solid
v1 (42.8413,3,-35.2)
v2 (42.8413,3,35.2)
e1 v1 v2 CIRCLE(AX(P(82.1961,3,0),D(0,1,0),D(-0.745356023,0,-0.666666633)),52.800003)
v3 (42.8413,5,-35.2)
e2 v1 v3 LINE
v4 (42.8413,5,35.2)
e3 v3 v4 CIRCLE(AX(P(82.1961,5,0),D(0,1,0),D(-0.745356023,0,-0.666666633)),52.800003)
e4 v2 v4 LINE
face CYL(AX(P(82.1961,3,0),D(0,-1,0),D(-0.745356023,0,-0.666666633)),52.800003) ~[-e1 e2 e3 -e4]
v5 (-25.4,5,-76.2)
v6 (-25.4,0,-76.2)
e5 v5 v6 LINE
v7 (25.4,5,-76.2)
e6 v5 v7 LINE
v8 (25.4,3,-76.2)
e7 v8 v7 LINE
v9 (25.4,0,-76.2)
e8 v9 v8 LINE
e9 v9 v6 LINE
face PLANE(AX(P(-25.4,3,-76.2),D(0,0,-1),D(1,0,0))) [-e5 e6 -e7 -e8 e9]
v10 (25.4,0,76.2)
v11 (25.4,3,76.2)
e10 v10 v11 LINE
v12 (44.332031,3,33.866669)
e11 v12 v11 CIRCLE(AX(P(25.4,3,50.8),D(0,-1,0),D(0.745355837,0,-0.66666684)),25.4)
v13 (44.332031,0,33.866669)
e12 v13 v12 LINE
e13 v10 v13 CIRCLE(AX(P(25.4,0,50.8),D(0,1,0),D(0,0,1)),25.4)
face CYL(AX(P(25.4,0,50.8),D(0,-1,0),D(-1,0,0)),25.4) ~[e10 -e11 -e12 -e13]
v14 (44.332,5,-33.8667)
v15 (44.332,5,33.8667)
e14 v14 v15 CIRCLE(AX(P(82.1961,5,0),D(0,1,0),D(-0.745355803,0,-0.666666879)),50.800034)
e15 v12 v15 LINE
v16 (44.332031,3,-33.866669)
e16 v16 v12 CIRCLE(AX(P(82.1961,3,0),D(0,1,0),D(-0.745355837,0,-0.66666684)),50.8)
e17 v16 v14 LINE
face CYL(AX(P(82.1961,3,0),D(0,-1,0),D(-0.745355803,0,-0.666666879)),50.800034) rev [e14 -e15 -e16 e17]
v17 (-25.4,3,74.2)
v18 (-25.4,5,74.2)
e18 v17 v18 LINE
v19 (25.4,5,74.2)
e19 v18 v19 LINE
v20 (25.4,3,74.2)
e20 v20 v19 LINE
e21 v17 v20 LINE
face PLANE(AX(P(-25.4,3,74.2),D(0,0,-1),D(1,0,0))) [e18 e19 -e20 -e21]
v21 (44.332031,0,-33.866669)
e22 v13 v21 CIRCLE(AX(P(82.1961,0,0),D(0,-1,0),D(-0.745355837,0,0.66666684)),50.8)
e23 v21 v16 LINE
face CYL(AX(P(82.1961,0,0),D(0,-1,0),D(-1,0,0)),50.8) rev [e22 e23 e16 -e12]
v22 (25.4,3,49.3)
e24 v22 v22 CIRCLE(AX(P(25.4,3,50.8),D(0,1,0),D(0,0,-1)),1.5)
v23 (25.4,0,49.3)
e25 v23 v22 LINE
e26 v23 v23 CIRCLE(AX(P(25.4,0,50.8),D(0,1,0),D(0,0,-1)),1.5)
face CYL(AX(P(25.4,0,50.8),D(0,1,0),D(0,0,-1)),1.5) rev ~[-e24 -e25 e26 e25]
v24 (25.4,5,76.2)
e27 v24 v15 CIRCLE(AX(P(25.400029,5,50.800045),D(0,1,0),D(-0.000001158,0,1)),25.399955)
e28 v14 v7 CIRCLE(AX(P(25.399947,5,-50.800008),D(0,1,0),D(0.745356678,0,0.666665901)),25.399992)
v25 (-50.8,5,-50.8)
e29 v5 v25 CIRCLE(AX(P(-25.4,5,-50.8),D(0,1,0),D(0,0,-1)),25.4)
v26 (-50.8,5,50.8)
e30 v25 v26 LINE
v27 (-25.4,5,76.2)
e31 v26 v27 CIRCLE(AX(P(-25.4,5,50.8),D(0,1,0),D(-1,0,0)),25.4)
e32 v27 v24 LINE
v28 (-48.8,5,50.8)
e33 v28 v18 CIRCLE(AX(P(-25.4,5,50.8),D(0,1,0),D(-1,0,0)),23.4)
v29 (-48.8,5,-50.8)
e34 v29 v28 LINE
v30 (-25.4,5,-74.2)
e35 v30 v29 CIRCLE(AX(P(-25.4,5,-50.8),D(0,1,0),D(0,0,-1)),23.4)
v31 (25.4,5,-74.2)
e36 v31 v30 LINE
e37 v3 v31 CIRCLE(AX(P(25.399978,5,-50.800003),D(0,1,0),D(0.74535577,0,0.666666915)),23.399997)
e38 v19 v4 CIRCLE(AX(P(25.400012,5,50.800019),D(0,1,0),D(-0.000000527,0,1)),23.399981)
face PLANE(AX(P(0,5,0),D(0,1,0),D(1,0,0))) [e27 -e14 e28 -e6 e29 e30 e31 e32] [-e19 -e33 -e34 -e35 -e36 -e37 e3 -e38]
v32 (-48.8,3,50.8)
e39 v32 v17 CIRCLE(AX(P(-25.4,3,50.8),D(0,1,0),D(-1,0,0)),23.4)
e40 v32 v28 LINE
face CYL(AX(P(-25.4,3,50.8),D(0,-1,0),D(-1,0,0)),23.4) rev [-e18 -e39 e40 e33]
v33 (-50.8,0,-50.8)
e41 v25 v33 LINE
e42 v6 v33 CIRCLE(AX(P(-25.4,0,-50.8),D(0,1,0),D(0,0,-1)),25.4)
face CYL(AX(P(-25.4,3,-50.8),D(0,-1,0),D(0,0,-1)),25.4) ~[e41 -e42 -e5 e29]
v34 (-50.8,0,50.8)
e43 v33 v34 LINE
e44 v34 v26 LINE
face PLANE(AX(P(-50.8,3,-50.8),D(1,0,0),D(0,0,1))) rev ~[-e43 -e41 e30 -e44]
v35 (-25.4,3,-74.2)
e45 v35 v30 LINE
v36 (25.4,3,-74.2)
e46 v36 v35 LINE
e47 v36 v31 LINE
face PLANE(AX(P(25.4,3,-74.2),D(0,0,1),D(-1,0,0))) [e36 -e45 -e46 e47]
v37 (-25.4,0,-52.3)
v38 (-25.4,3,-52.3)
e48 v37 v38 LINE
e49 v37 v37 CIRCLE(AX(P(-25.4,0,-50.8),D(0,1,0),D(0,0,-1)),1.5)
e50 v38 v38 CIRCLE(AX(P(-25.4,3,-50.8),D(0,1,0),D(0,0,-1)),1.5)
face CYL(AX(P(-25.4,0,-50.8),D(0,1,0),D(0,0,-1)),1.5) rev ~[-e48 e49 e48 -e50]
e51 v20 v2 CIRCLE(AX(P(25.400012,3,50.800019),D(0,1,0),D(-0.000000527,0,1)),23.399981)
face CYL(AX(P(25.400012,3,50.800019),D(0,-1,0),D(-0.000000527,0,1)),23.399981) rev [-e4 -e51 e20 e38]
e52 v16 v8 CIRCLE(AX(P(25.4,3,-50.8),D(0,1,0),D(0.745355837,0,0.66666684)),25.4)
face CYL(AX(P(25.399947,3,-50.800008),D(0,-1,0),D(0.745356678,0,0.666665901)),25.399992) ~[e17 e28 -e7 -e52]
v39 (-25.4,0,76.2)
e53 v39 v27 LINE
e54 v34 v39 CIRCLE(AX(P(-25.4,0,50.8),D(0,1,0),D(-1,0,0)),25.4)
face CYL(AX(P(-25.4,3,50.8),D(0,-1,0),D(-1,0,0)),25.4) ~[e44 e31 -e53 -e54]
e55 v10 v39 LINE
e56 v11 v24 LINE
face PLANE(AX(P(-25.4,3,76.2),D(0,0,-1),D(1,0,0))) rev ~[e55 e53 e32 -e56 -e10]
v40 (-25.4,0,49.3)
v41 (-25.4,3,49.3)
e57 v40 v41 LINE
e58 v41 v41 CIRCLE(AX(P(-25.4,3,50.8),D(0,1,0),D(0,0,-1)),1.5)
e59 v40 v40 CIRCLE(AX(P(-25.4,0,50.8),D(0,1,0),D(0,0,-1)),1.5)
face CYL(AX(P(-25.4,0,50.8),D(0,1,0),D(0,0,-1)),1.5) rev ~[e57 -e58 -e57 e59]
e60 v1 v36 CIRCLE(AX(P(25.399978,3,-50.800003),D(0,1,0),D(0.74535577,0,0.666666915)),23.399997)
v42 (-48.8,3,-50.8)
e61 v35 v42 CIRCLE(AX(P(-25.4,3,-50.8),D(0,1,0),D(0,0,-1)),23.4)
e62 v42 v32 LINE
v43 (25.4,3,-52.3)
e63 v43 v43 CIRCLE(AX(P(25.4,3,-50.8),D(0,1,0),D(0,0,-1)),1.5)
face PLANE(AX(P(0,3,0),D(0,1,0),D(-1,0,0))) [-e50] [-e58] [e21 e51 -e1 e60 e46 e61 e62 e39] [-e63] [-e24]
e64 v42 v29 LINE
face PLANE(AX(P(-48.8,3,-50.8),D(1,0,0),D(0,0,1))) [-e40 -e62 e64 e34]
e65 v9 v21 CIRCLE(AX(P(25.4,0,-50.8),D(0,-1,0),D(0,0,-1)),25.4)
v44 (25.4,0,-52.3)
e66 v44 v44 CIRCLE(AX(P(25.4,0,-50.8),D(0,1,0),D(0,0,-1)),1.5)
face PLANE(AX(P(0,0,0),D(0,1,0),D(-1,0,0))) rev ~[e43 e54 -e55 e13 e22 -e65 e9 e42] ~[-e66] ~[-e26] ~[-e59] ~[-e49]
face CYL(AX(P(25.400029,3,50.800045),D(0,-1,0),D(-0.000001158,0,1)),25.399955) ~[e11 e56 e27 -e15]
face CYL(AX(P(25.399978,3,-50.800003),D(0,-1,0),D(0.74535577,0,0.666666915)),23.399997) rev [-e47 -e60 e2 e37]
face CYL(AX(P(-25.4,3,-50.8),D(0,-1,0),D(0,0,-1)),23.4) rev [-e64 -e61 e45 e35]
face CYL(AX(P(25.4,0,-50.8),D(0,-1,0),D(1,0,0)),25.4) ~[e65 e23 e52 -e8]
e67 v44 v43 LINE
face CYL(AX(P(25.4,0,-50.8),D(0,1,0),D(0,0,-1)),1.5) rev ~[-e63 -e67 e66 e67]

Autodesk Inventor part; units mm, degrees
ref_plane "YZ Plane" through (0, 0, 0) normal (1, 0, 0) x (0, 1, 0)
ref_plane "XZ Plane" through (0, 0, 0) normal (0, 1, 0) x (-1, 0, 0)
ref_plane "XY Plane" through (0, 0, 0) normal (0, 0, 1) x (1, 0, 0)
sketch "Sketch1" plane through (0, 0, 0) normal (0, 1, 0) x (-1, 0, 0)
  line L0 (-25.4, 76.2) -> (25.4, 76.2)
  line L1 (-50.8, 50.8) -> (-50.8, -50.8)
  line L2 (50.8, 76.2) -> (-50.8, 76.2)
  line L3 (-25.4, -76.2) -> (25.4, -76.2)
  line L4 (50.8, -50.8) -> (50.8, 50.8)
  arc A0 (50.8, 50.8) -> (25.4, 76.2) centre (25.4, 50.8) ccw
  arc A1 (25.4, -76.2) -> (50.8, -50.8) centre (25.4, -50.8) ccw
  arc A2 (-50.8, -50.8) -> (-25.4, -76.2) centre (-25.4, -50.8) ccw
  arc A3 (-25.4, 76.2) -> (-50.8, 50.8) centre (-25.4, 50.8) ccw
  circle A4 centre (-25.4, 50.8) radius 25.4
  circle A5 centre (-25.4, -50.8) radius 25.4
  circle A6 centre (-50.8, 0) radius 31.3961
  circle A7 centre (-82.1961, 0) radius 50.8
  point P0 (-36.7592, 28.0815)
  point P1 (-36.7592, -28.0815)
  point P2 (-50.8, 31.3961)
  point P3 (-50.8, -31.3961)
  point P4 (-44.332, 33.8667)
  point P5 (-44.332, -33.8667)
  dimension "d6" = 101.6
  dimension "d21" = 25.4
extrude "Extrusion5" add sketch "Sketch1" along normal blind 3 contours A4 A3 | L0 A0 L4 A1 L3 A5 A6 A4 | A4 A6 A7 | A6 A7 | A5 A2 | A7 A6 A5
sketch "Sketch3" plane through (0, 3, 0) normal (0, 1, 0) x (1, 0, 0)
  arc A0 (-50.8, -50.8) -> (-25.4, -76.2) centre (-25.4, -50.8) ccw projected
  arc A1 (-50.8, -50.8) -> (-25.4, -76.2) centre (-25.4, -50.8) ccw
  arc A2 (-25.4, 76.2) -> (-50.8, 50.8) centre (-25.4, 50.8) ccw projected
  line L0 (-50.8, 50.8) -> (-50.8, -50.8) projected
  arc A3 (-25.4, 76.2) -> (-50.8, 50.8) centre (-25.4, 50.8) ccw
  arc A4 (25.4, -76.2) -> (44.332, -33.8667) centre (25.4, -50.8) ccw projected
  arc A5 (25.4, -76.2) -> (44.332, -33.8667) centre (25.4, -50.8) ccw
  arc A6 (44.332, 33.8667) -> (44.332, -33.8667) centre (82.1961, 0) ccw projected
  arc A7 (44.332, 33.8667) -> (44.332, -33.8667) centre (82.1961, 0) ccw
  arc A8 (44.332, 33.8667) -> (25.4, 76.2) centre (25.4, 50.8) ccw projected
  arc A9 (44.332, 33.8667) -> (25.4, 76.2) centre (25.4, 50.8) ccw
  line L1 (-50.8, -50.8) -> (-50.8, 50.8)
  line L2 (-25.4, -76.2) -> (25.4, -76.2) projected
  line L3 (-25.4, -76.2) -> (25.4, -76.2)
  line L4 (-25.4, 76.2) -> (25.4, 76.2)
  line L5 (-25.4, 76.2) -> (25.4, 76.2)
  line L6 (25.4, 76.2) -> (-25.4, 76.2)
  line L7 (25.4, 76.2) -> (-25.4, 76.2) projected
  line L8 (25.4, 76.2) -> (-25.4, 76.2)
  arc A10 (-48.8, -50.8) -> (-25.4, -74.2) centre (-25.4, -50.8) ccw
  line L9 (-25.4, -74.2) -> (25.4, -74.2)
  arc A11 (25.4, -74.2) -> (42.8413, -35.2) centre (25.4, -50.8) ccw
  arc A12 (42.8413, 35.2) -> (42.8413, -35.2) centre (82.1961, 0) ccw
  arc A13 (42.8413, 35.2) -> (25.4, 74.2) centre (25.4, 50.8) ccw
  line L10 (25.4, 74.2) -> (-25.4, 74.2)
  arc A14 (-25.4, 74.2) -> (-48.8, 50.8) centre (-25.4, 50.8) ccw
  line L11 (-48.8, 50.8) -> (-48.8, -50.8)
  point P0 (0, 0)
  dimension "d28" = 2
extrude "Extrusion6" add sketch "Sketch3" along normal blind 2
hole "Hole2" at (-25.4, 0, 50.8) at (25.4, 0, 50.8) at (25.4, 0, -50.8) at (-25.4, 0, -50.8) direction (0, 1, 0) diameter 3 depth 25.4 tip angle 118
properties part number "ControllerBottom"
